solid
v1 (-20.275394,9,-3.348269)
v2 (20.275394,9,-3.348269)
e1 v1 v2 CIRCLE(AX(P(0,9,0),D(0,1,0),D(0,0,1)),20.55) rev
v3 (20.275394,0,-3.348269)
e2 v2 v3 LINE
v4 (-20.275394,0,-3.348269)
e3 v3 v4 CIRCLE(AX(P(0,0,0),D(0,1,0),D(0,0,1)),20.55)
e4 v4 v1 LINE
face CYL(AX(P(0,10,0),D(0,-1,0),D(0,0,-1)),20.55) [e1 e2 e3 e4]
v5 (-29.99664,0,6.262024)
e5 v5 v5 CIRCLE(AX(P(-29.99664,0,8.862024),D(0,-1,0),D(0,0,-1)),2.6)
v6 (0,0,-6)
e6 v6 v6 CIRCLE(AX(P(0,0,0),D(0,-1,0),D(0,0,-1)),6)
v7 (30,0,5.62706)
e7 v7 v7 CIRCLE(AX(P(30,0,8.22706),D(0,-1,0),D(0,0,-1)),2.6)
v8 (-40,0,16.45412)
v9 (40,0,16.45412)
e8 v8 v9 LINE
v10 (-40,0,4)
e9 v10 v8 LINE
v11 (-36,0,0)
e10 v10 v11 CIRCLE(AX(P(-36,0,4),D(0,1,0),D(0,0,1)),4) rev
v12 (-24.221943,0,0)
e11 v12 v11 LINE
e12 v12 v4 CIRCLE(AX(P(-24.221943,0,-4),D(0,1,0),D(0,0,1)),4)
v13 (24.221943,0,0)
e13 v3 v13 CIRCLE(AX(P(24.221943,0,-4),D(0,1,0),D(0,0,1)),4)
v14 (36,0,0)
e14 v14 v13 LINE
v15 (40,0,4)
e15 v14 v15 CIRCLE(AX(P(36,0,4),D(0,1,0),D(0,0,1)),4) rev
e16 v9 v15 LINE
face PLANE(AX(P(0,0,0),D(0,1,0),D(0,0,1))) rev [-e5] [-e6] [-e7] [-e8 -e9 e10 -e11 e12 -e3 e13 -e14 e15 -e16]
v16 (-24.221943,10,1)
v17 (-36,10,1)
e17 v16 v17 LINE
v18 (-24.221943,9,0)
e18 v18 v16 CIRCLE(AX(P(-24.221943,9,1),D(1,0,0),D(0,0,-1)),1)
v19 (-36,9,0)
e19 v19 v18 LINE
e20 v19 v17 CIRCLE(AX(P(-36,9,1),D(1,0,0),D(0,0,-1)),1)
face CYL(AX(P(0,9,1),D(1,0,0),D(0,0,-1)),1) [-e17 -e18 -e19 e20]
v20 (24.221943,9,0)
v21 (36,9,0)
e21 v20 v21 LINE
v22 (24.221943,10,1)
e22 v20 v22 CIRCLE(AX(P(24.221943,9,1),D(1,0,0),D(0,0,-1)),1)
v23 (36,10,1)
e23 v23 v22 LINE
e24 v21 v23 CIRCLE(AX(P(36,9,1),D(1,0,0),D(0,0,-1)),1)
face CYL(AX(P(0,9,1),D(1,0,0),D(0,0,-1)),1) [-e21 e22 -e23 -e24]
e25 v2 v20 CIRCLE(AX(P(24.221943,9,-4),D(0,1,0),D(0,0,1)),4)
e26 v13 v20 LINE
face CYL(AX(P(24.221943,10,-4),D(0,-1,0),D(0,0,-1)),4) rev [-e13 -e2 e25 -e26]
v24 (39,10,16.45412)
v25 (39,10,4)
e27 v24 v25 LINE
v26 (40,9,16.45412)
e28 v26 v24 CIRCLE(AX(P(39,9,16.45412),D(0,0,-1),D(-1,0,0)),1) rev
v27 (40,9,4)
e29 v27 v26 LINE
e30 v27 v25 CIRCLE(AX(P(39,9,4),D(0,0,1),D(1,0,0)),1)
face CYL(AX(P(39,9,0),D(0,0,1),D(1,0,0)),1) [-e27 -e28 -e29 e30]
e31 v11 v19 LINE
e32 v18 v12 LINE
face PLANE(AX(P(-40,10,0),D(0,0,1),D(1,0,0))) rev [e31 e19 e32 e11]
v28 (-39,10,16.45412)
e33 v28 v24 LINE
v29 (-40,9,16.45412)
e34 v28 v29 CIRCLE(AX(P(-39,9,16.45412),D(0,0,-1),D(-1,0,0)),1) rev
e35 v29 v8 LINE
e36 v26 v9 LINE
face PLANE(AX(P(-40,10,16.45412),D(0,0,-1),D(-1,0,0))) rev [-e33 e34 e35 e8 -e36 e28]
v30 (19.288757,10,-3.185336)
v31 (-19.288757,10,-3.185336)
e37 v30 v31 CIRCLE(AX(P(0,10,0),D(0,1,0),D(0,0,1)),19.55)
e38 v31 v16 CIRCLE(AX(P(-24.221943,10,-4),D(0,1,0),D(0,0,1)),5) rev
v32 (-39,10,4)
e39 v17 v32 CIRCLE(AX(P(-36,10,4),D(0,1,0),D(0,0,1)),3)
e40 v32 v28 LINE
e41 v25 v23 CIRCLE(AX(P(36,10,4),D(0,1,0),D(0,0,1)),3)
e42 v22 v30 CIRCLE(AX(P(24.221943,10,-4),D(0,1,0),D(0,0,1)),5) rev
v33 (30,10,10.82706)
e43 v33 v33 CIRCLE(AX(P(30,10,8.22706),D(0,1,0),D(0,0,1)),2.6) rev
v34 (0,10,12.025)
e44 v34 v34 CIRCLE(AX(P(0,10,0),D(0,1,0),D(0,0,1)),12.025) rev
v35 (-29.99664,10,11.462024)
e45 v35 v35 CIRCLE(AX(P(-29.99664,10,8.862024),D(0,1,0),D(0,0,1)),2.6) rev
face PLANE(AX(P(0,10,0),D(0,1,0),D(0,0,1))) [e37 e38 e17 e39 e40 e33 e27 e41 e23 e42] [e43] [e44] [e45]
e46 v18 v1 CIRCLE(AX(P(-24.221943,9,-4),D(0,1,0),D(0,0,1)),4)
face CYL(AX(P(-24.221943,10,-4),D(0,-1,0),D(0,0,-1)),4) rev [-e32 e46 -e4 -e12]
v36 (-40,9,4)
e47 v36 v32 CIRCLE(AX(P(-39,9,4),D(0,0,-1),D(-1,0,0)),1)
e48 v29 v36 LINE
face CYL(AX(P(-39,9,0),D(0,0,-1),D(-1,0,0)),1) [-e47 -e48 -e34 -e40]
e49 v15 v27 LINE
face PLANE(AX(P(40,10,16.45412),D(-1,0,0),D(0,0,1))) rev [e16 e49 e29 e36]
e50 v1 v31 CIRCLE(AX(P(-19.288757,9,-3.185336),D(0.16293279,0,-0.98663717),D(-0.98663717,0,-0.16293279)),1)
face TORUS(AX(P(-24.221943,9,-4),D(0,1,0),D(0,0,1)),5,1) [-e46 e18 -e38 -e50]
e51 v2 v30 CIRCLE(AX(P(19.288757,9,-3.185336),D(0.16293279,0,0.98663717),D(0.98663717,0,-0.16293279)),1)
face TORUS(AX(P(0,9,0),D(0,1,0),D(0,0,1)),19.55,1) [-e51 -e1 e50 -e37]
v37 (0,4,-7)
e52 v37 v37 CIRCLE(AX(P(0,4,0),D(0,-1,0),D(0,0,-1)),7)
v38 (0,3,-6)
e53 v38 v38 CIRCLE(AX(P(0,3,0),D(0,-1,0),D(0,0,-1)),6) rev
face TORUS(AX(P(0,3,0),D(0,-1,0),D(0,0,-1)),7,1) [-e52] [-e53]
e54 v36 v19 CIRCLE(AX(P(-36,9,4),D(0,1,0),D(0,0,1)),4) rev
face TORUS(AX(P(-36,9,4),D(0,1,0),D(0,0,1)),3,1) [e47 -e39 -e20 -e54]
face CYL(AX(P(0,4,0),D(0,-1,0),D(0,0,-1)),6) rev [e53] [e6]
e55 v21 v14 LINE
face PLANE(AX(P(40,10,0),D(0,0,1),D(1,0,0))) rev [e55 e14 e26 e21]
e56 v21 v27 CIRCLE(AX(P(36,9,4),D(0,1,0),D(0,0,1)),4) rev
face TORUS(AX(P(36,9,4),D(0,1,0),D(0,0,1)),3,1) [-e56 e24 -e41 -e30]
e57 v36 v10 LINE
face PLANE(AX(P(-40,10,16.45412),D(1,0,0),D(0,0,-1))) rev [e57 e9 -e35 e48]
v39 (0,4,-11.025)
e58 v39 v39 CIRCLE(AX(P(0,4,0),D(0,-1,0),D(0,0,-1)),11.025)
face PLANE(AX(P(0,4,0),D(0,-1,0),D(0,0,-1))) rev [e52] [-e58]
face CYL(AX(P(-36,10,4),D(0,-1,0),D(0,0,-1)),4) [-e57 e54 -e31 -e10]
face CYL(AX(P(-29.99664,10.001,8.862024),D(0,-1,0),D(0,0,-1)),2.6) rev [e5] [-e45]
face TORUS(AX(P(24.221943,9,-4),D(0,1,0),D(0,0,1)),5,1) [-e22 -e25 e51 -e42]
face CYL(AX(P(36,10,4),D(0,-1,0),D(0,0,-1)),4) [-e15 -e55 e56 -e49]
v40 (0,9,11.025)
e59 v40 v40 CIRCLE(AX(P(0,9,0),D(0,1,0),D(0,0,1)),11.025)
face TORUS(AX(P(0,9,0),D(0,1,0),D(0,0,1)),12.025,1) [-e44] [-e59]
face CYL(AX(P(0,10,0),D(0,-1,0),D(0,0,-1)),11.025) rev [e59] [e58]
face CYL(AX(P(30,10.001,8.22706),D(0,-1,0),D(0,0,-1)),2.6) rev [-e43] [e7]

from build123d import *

# Parameters (mm, degrees)
SKETCH1_R           = 11.025
BOSS_EXTRUDE1_DEPTH = 10
SKETCH3_R           = 11.025
SKETCH3_R_2         = 6
BOSS_EXTRUDE2_DEPTH = 4
FILLET1_R           = 4
FILLET2_R           = 1
CUT_EXTRUDE1_REACH  = 12
SKETCH4_R           = 2.6


with BuildPart() as part:
    # Sketch1 → Boss-Extrude1 (new body)
    with BuildSketch(Plane(origin=(0, 0, 0), x_dir=(1, 0, 0), z_dir=(0, 1, 0))):
        with BuildLine():
            Line((-40, -16.45412), (40, -16.45412))
            Line((40, -16.45412), (40, 0))
            Line((40, 0), (20.55, 0))
            ThreePointArc((20.55, 0), (0, 20.55), (-20.55, 0))
            Line((-20.55, 0), (-40, 0))
            Line((-40, 0), (-40, -16.45412))
        make_face()
        Circle(SKETCH1_R, mode=Mode.SUBTRACT)
    extrude(amount=BOSS_EXTRUDE1_DEPTH)

    # Sketch3 → Boss-Extrude2 (add)
    with BuildSketch(Plane.XZ):
        Circle(SKETCH3_R)
        Circle(SKETCH3_R_2, mode=Mode.SUBTRACT)
    extrude(amount=-BOSS_EXTRUDE2_DEPTH)

    # Fillet1
    fillet1_edges = [part.edges().sort_by_distance(p)[0] for p in [
        (-40, 5, 0),
        (-20.55, 5, 0),
        (20.55, 5, 0),
        (40, 5, 0),
    ]]
    fillet(fillet1_edges, radius=FILLET1_R)

    # Fillet2
    fillet2_edges = [part.edges().sort_by_distance(p)[0] for p in [
        (40, 10, 10.22706),
        (-11.025, 10, 0),
        (-6, 4, 0),
        (-40, 10, 10.22706),
        (-30.110971266, 10, 0),
        (30.110971266, 10, 0),
        (0, 10, -20.55),
        (38.828427125, 10, 1.171572875),
        (-38.828427125, 10, 1.171572875),
        (-21.634175603, 10, -0.949842246),
        (21.634175603, 10, -0.949842246),
    ]]
    fillet(fillet2_edges, radius=FILLET2_R)

    # Sketch4 → Cut-Extrude1 (cut, up to next)
    with BuildSketch(Plane.XZ, mode=Mode.PRIVATE) as cut_extrude1_sk1:
        with Locations((30, 8.22706)):
            Circle(SKETCH4_R)
    cut_extrude1_tool1 = extrude(cut_extrude1_sk1.sketch, amount=-CUT_EXTRUDE1_REACH, mode=Mode.PRIVATE) & part.part
    add(cut_extrude1_tool1.solids().sort_by_distance((30, 0, 8.22706))[0], mode=Mode.SUBTRACT)
    # Sketch4 → Cut-Extrude1 (cut, up to next)
    with BuildSketch(Plane.XZ, mode=Mode.PRIVATE) as cut_extrude1_sk2:
        with Locations((-29.996640074, 8.862024441)):
            Circle(SKETCH4_R)
    cut_extrude1_tool2 = extrude(cut_extrude1_sk2.sketch, amount=-CUT_EXTRUDE1_REACH, mode=Mode.PRIVATE) & part.part
    add(cut_extrude1_tool2.solids().sort_by_distance((-29.99664, 0, 8.862024))[0], mode=Mode.SUBTRACT)


solid = part.part
